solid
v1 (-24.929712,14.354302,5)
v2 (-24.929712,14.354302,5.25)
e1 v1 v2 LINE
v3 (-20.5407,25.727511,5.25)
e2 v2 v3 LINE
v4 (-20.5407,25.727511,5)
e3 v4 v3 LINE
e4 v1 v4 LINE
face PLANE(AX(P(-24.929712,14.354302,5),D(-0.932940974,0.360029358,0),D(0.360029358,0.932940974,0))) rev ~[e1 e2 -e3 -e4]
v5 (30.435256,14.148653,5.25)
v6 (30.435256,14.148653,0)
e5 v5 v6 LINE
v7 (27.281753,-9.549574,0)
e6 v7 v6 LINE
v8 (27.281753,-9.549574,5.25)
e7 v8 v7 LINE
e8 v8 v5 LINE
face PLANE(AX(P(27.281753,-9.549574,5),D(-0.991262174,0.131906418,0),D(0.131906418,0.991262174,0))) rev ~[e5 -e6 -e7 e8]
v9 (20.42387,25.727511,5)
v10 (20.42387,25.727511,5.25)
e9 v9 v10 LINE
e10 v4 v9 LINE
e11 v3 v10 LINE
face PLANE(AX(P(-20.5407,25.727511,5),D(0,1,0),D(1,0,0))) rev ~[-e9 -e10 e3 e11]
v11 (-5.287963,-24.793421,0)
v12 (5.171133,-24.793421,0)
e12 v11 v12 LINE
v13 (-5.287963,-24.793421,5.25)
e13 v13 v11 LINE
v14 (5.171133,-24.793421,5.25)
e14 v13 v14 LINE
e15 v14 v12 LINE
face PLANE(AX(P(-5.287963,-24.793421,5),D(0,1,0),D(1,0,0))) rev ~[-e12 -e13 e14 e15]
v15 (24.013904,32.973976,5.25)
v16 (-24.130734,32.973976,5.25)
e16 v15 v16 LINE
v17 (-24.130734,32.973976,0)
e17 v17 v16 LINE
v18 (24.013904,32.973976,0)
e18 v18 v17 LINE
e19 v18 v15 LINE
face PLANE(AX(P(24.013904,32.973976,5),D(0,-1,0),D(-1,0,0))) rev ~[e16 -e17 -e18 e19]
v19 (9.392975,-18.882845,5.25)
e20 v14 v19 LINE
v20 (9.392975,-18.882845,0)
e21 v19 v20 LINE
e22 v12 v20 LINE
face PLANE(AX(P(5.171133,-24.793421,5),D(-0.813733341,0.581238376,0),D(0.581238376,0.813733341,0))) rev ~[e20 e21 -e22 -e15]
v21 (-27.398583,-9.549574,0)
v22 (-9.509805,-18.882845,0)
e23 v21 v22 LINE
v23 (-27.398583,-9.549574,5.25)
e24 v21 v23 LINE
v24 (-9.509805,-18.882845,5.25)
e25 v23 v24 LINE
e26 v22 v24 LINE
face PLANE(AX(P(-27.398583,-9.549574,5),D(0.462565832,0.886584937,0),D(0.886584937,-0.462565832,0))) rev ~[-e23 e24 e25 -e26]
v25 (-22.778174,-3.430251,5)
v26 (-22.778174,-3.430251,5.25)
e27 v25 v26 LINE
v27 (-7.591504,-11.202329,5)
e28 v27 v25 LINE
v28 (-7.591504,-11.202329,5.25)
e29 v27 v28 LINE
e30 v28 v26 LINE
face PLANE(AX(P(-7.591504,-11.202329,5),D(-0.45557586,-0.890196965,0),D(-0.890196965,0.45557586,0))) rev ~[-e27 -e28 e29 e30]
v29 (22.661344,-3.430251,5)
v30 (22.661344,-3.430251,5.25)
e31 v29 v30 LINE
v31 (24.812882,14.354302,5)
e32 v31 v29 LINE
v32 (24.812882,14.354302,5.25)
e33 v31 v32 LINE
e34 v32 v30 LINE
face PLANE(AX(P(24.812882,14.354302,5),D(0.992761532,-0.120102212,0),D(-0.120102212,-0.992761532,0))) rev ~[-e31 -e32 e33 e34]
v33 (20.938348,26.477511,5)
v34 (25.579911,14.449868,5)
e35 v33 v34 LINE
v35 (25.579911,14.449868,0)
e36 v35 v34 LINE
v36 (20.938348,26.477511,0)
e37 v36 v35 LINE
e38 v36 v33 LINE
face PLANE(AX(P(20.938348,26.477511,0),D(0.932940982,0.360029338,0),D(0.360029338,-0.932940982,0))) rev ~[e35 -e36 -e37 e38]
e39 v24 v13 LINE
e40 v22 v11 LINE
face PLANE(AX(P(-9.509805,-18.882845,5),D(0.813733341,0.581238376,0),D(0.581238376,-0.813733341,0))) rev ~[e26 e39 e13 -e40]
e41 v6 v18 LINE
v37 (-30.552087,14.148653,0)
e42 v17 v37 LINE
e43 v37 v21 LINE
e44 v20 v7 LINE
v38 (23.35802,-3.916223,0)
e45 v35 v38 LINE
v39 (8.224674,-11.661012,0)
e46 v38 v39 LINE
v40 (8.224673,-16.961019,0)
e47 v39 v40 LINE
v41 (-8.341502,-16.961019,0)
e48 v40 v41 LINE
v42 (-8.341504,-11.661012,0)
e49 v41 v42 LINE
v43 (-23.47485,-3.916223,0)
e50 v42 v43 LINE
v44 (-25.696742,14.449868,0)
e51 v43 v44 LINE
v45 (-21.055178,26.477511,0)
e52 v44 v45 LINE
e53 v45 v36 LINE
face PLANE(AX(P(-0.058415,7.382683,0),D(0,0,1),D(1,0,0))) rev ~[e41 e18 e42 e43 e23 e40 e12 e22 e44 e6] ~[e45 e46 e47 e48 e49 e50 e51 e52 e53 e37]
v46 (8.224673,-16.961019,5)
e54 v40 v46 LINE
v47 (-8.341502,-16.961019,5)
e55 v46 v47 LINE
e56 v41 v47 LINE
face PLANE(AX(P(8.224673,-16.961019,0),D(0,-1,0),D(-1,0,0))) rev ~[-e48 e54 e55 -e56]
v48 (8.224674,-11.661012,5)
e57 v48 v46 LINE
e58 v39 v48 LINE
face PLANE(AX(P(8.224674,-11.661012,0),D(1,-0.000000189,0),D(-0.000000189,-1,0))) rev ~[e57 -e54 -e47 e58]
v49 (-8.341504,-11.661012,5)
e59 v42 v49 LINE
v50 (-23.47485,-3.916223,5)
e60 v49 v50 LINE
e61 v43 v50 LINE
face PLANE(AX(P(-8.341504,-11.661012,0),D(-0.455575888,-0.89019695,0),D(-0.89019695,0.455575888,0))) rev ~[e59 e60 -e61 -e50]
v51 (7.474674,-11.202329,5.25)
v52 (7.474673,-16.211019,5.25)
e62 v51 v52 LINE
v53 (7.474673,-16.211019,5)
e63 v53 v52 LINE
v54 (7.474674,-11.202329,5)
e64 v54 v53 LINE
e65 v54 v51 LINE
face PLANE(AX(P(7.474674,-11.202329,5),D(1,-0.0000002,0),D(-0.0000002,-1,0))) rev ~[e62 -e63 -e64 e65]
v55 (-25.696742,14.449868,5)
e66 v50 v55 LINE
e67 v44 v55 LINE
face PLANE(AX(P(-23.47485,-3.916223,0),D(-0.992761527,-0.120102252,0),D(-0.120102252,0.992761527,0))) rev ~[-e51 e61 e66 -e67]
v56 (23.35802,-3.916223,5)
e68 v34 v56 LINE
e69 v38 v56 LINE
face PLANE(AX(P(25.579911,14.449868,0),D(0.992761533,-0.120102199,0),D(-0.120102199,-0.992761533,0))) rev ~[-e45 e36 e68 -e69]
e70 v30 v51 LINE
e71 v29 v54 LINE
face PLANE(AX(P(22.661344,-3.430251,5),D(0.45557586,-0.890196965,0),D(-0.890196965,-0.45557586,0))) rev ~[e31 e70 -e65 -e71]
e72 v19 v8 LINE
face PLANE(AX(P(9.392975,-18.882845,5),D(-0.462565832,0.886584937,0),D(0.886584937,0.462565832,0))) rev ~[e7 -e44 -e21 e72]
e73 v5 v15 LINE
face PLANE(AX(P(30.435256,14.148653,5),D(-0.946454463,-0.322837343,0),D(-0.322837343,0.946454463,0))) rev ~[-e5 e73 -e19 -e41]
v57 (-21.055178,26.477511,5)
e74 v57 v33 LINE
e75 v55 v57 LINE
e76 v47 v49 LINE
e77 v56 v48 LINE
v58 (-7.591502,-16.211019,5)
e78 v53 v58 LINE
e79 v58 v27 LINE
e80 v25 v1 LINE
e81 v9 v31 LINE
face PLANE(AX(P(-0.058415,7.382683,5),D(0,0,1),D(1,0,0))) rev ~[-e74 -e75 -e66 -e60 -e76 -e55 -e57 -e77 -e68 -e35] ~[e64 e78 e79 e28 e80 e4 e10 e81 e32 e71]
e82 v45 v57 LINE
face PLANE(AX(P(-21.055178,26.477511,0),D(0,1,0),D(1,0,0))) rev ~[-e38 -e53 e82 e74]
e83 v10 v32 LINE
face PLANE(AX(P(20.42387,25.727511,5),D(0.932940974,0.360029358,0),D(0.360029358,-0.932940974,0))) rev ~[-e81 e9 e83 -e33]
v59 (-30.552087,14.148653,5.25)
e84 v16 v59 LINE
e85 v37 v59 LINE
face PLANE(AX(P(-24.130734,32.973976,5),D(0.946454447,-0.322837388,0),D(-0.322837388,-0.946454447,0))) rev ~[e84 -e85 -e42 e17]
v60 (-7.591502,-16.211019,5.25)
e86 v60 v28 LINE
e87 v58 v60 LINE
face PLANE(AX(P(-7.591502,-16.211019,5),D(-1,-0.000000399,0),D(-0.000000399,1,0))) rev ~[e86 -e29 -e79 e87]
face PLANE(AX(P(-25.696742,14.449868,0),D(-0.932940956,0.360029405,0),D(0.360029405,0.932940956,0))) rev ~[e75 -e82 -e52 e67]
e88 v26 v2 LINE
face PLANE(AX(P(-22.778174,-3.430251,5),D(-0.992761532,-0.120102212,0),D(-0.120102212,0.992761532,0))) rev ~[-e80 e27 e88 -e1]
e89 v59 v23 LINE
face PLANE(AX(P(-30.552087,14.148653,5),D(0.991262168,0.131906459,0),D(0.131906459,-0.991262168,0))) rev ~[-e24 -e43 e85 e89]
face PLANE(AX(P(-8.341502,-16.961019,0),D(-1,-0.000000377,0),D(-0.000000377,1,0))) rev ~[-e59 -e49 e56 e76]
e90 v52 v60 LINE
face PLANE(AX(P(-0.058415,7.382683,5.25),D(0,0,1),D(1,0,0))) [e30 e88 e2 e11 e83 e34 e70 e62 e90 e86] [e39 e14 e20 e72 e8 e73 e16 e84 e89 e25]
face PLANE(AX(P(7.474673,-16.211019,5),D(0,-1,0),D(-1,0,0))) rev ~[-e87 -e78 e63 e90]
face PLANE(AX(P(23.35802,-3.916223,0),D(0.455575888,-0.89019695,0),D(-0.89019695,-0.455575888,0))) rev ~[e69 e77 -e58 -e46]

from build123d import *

# Parameters (mm, degrees)
F1_DEPTH = 5
F3_DEPTH = 0.25


with BuildPart() as f1:
    # F0 (on Top) → F1 (new body)
    with BuildSketch(Plane.XY):
        Polygon((30.435256, 14.148653), (24.013904, 32.973976), (-24.130734, 32.973976), (-30.552087, 14.148653), (-27.398583, -9.549574), (-9.509805, -18.882845), (-5.287963, -24.793421), (5.171133, -24.793421), (9.392975, -18.882845), (27.281753, -9.549574), align=None)
        Polygon((-25.696742, 14.449868), (-21.055178, 26.477511), (20.938348, 26.477511), (25.579911, 14.449868), (23.35802, -3.916223), (8.224674, -11.661012), (8.224673, -16.961019), (-8.341502, -16.961019), (-8.341504, -11.661012), (-23.47485, -3.916223), align=None, mode=Mode.SUBTRACT)
    extrude(amount=F1_DEPTH)

    # F2 (on face) → F3 (join)
    with BuildSketch(Plane.XY.offset(5)):
        Polygon((30.435256, 14.148653), (24.013904, 32.973976), (-24.130734, 32.973976), (-30.552087, 14.148653), (-27.398583, -9.549574), (-9.509805, -18.882845), (-5.287963, -24.793421), (5.171133, -24.793421), (9.392975, -18.882845), (27.281753, -9.549574), align=None)
        Polygon((-25.696742, 14.449868), (-21.055178, 26.477511), (20.938348, 26.477511), (25.579911, 14.449868), (23.35802, -3.916223), (8.224674, -11.661012), (8.224673, -16.961019), (-8.341502, -16.961019), (-8.341504, -11.661012), (-23.47485, -3.916223), align=None, mode=Mode.SUBTRACT)
        Polygon((20.938348, 26.477511), (-21.055178, 26.477511), (-25.696742, 14.449868), (-23.47485, -3.916223), (-8.341504, -11.661012), (-8.341502, -16.961019), (8.224673, -16.961019), (8.224674, -11.661012), (23.35802, -3.916223), (25.579911, 14.449868), align=None)
        Polygon((-22.778174, -3.430251), (-24.929712, 14.354302), (-20.5407, 25.727511), (20.42387, 25.727511), (24.812882, 14.354302), (22.661344, -3.430251), (7.474674, -11.202329), (7.474673, -16.211019), (-7.591502, -16.211019), (-7.591504, -11.202329), align=None, mode=Mode.SUBTRACT)
    extrude(amount=F3_DEPTH)


solid = f1.part
